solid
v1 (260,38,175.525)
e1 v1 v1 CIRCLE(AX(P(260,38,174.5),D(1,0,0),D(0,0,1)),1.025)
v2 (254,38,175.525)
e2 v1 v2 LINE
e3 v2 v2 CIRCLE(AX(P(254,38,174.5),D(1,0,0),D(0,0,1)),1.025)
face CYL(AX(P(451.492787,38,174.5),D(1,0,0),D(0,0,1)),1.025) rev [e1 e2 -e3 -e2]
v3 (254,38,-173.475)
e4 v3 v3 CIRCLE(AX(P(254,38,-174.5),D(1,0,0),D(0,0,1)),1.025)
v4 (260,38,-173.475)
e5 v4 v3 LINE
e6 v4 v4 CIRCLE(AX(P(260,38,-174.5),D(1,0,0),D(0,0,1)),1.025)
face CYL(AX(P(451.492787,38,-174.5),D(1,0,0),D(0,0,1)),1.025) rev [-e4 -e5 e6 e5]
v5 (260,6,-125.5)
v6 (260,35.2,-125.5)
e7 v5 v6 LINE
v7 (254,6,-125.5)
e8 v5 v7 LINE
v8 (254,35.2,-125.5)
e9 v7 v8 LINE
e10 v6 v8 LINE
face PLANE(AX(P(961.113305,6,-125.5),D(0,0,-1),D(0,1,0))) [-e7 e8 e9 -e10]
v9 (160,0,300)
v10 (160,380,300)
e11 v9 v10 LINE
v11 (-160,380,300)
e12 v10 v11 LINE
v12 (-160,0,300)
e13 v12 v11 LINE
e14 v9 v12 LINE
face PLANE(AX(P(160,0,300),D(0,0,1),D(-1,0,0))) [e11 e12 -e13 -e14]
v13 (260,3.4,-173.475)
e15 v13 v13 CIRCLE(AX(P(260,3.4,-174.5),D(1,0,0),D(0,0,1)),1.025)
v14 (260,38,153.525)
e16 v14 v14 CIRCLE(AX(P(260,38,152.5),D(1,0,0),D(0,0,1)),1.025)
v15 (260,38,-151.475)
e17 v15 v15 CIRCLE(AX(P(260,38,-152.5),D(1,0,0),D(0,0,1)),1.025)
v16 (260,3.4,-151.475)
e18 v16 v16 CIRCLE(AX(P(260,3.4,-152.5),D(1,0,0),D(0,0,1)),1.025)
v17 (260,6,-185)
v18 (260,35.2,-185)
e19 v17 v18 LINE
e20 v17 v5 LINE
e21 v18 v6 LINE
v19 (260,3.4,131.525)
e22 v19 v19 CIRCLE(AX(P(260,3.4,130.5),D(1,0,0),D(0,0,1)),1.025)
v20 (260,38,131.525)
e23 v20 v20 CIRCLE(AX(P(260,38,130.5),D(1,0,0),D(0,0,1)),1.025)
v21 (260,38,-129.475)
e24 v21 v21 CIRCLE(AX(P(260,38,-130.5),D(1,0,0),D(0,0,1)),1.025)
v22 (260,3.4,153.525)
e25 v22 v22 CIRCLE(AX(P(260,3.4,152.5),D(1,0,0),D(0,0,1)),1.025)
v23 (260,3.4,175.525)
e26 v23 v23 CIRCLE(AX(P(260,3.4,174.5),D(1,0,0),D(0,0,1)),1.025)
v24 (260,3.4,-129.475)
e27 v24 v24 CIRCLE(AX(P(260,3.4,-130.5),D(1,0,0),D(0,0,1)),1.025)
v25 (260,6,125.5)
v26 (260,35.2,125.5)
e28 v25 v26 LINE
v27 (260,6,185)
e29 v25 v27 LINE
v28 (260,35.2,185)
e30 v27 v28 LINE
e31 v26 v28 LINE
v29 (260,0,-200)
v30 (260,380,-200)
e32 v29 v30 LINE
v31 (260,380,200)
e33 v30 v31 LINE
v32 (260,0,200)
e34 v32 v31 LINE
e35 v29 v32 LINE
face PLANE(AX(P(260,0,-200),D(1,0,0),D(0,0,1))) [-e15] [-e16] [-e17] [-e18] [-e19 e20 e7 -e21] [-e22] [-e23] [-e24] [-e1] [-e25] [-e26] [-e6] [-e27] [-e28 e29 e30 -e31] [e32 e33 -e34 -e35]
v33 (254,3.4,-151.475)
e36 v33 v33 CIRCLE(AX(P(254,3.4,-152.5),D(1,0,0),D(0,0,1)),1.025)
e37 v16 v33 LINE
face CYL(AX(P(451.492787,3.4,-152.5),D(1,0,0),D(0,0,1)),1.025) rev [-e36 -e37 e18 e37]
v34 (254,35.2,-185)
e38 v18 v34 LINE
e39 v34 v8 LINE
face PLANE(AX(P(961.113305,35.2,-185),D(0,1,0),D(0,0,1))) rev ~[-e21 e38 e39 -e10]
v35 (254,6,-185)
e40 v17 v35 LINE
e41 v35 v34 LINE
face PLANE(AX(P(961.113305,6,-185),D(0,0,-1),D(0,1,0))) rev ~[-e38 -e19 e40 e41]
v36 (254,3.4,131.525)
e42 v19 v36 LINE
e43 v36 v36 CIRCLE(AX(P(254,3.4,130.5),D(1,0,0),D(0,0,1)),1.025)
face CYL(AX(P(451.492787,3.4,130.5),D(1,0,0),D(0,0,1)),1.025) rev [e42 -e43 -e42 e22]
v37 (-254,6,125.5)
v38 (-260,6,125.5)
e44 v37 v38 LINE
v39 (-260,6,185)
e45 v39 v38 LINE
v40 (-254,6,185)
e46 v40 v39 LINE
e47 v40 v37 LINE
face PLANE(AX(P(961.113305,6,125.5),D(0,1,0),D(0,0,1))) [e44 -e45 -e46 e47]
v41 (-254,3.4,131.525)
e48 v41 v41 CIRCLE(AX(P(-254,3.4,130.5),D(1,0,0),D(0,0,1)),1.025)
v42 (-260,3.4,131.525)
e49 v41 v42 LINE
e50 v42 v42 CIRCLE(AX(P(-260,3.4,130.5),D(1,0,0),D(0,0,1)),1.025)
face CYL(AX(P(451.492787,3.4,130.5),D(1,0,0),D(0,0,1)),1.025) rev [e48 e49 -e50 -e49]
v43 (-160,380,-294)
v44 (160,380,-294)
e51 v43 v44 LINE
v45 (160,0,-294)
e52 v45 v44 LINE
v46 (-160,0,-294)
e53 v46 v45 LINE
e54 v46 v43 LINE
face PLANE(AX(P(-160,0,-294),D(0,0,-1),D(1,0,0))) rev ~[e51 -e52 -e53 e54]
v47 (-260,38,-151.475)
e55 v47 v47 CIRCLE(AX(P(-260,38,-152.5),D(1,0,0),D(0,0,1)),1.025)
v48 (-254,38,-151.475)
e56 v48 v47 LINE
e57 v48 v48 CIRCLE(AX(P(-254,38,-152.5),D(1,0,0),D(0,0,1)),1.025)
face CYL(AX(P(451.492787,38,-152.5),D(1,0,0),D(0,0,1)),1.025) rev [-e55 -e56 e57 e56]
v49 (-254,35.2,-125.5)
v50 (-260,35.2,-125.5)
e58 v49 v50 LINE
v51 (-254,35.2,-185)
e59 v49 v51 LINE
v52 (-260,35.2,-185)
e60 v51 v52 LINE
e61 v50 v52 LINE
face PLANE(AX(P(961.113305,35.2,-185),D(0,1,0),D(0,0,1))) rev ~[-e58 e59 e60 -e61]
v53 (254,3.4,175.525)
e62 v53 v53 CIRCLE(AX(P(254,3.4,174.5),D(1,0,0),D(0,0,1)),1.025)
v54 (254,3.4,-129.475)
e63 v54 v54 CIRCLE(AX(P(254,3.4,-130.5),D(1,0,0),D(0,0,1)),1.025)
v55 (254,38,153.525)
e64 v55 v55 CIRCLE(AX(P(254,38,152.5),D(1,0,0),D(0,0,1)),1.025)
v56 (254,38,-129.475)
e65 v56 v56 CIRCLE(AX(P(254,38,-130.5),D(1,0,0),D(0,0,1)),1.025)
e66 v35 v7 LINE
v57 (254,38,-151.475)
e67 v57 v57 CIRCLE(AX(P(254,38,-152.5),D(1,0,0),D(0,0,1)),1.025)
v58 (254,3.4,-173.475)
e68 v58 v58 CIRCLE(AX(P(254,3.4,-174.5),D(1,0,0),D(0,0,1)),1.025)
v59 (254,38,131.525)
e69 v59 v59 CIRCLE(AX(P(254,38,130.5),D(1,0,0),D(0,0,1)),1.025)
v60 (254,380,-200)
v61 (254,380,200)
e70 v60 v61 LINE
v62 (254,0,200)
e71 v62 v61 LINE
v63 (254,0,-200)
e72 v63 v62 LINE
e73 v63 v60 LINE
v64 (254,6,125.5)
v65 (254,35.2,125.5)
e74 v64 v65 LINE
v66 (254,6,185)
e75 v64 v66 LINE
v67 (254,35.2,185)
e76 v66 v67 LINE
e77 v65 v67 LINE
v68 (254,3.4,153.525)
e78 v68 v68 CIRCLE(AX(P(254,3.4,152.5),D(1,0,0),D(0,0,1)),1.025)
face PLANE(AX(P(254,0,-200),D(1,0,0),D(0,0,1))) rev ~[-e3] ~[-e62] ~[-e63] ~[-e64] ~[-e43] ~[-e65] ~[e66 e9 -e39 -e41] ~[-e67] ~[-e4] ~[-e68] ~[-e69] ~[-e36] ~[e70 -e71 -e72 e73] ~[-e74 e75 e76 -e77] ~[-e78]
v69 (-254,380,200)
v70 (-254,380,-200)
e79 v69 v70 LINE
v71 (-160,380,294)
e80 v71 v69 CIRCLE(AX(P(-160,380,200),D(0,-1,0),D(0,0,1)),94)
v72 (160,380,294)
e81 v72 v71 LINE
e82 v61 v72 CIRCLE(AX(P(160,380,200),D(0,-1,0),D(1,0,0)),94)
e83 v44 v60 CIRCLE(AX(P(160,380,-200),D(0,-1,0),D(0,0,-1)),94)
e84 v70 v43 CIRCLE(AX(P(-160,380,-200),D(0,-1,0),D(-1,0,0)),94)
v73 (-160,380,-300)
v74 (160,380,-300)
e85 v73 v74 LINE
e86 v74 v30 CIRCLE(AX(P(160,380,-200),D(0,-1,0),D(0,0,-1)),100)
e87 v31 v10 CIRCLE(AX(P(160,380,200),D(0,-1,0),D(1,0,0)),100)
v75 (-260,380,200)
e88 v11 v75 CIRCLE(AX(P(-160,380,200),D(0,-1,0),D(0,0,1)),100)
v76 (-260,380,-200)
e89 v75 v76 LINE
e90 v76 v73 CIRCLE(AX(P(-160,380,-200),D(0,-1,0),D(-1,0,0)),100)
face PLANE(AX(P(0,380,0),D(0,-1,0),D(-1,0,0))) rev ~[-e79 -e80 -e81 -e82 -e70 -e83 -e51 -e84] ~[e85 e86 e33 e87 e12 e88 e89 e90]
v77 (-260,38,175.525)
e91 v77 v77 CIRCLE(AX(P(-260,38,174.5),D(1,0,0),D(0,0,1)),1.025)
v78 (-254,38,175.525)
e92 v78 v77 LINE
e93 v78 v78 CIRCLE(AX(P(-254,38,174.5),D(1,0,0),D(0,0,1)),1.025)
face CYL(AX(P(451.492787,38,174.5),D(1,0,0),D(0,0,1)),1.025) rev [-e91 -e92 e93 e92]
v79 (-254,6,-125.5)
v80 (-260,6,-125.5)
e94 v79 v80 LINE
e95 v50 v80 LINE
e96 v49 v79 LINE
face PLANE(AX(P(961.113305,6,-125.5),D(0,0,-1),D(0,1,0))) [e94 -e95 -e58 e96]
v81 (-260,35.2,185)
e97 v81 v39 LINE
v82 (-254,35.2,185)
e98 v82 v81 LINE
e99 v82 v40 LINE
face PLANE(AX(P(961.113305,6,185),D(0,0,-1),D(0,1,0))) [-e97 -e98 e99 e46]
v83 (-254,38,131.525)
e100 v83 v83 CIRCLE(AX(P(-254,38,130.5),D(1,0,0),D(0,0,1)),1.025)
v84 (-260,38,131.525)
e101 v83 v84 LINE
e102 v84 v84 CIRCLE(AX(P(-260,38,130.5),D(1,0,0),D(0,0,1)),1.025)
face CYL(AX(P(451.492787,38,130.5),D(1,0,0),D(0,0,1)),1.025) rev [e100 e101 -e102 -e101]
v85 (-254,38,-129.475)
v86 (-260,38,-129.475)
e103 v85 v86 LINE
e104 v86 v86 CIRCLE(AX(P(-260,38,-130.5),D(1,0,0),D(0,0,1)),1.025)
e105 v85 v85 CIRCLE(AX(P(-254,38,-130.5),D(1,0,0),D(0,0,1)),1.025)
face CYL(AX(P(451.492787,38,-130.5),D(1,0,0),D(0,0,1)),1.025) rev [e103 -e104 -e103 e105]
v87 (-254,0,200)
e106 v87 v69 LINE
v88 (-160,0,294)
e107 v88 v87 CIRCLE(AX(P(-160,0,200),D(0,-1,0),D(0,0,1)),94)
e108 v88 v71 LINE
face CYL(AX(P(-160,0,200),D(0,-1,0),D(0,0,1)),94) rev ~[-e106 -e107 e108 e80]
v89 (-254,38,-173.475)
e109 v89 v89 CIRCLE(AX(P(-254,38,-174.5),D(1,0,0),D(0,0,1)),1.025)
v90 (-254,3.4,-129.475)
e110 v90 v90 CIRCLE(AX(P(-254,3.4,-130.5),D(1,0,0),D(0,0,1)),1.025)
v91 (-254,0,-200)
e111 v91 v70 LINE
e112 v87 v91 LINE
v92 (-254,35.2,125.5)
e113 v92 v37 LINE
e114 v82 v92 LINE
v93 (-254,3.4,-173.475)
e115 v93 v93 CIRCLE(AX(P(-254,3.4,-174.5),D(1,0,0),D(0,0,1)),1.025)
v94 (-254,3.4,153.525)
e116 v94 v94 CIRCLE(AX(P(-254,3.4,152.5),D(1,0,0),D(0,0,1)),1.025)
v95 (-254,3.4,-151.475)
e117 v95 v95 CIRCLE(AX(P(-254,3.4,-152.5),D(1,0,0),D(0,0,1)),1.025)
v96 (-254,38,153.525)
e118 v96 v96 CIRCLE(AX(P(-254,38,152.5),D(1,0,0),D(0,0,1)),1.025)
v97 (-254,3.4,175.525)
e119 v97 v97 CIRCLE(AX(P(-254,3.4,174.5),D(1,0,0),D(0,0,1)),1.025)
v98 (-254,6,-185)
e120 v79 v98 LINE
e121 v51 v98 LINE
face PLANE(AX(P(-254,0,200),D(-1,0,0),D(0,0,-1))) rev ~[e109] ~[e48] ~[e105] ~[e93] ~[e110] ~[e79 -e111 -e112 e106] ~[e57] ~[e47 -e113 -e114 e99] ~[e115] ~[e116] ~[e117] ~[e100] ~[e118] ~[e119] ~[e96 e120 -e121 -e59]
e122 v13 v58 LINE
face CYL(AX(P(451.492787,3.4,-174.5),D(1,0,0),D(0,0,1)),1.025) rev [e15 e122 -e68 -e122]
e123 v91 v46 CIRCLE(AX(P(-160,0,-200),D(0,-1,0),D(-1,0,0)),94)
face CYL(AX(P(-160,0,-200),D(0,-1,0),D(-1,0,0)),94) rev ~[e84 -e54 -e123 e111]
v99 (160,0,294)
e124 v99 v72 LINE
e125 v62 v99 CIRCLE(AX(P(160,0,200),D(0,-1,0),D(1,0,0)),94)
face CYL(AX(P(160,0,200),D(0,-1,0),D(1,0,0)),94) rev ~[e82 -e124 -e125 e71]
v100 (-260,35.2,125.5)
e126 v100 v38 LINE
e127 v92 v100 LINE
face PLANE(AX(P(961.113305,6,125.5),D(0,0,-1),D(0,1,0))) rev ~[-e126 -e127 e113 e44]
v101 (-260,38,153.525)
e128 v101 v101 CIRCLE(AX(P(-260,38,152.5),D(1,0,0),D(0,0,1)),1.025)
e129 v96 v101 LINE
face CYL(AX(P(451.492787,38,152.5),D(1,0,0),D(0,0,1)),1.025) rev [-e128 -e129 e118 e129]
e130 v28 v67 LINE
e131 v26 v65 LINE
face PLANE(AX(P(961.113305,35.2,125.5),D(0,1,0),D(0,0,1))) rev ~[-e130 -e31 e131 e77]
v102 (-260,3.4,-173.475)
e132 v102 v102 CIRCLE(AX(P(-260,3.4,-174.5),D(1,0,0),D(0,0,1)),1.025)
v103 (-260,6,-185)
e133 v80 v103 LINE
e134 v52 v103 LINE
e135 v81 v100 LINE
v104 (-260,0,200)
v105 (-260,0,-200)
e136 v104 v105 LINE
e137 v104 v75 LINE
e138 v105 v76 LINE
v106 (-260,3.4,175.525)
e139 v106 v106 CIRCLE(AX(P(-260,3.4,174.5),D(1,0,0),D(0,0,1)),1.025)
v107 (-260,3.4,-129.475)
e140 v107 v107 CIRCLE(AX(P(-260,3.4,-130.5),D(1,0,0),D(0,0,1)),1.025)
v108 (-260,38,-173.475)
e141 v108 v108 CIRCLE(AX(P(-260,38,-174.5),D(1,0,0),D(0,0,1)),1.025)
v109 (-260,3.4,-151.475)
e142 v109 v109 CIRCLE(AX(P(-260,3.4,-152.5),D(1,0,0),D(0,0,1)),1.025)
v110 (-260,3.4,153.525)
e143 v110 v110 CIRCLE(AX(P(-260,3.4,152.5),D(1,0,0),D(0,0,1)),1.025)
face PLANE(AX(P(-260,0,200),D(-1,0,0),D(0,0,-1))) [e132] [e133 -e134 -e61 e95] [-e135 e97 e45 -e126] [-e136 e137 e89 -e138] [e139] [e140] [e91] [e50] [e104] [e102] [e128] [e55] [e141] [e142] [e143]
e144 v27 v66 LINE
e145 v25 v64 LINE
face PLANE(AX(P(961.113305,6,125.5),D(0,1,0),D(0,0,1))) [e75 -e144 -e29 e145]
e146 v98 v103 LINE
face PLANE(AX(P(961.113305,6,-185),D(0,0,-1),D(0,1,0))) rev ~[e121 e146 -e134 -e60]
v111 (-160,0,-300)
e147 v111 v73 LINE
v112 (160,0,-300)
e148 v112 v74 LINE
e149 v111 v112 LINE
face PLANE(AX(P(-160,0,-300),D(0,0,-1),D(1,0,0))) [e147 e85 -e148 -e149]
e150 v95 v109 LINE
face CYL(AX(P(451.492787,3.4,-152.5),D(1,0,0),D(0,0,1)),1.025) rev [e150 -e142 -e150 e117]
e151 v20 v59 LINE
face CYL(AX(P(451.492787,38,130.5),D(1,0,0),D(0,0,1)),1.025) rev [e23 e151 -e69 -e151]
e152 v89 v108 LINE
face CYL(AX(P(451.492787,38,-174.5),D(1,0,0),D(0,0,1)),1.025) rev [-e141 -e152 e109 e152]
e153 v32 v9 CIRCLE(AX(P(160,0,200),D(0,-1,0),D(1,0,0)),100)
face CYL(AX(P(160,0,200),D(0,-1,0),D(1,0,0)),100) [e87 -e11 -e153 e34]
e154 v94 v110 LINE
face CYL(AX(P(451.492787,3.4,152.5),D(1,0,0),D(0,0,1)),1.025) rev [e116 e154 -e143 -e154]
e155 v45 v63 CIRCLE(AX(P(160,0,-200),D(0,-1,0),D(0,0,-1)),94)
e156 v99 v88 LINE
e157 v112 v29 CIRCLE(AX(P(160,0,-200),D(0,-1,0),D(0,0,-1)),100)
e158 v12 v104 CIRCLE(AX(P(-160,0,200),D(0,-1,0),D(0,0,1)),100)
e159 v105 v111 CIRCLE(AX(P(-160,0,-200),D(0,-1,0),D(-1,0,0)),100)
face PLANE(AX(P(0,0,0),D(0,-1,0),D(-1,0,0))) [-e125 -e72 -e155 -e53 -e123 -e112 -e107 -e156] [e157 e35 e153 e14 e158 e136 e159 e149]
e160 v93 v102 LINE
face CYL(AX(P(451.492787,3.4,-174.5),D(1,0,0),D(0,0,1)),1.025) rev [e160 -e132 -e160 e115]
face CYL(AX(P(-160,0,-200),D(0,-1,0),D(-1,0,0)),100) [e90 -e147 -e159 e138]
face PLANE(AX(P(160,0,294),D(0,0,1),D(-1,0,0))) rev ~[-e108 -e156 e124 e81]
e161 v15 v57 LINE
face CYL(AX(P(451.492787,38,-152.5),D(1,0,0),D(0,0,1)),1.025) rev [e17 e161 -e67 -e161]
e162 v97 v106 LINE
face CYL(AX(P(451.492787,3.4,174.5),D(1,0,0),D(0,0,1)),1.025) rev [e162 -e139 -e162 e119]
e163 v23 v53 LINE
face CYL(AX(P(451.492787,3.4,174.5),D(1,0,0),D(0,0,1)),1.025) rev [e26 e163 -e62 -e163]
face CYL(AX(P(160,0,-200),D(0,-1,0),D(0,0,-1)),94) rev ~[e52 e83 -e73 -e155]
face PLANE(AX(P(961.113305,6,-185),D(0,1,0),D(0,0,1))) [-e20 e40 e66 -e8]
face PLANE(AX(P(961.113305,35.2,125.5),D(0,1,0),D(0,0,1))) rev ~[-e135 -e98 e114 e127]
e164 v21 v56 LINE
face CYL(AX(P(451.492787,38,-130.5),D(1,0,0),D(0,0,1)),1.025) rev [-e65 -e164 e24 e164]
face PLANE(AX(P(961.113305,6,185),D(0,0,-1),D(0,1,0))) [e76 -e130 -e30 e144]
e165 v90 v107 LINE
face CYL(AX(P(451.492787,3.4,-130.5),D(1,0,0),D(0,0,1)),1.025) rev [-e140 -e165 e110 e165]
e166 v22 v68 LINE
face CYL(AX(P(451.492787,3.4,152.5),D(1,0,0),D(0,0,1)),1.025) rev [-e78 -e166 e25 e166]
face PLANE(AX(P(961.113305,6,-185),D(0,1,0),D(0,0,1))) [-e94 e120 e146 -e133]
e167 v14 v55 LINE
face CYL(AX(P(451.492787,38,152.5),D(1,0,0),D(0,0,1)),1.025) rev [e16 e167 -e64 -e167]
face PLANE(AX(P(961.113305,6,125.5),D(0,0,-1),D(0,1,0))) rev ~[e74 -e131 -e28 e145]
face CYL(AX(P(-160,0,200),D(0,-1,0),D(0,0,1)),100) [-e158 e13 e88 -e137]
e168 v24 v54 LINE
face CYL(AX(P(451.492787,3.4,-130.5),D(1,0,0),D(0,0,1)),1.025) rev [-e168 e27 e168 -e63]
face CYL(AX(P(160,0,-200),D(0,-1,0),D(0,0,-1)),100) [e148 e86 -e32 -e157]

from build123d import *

# Parameters (mm, degrees)
CHAPALATERAL_DEPTH        = 380
MOTORTRASEIRO_DEPTH       = 707.113305355
MOTORTRASEIRO_DEPTH_BACK  = 707.113305355
ESBO_O8_W                 = 59.5
ESBO_O8_H                 = 29.2
MOTORFRONTAL_DEPTH        = 707.113305355
MOTORFRONTAL_DEPTH_BACK   = 707.113305355
ESBO_O10_W                = 59.5
ESBO_O10_H                = 29.2
FUROSDYNAMIXEL_DEPTH      = 711.492786733
FUROSDYNAMIXEL_DEPTH_BACK = 711.492786733
ESBO_O15_R                = 1.025


with BuildPart() as part:
    # Chapa inferior → ChapaLateral (new body)
    with BuildSketch(Plane(origin=(0, 0, 0), x_dir=(1, 0, 0), z_dir=(0, 1, 0))):
        with BuildLine():
            Line((-160, 300), (160, 300))
            ThreePointArc((160, 300), (230.710678119, 270.710678119), (260, 200))
            Line((260, 200), (260, -200))
            ThreePointArc((260, -200), (230.710678119, -270.710678119), (160, -300))
            Line((160, -300), (-160, -300))
            ThreePointArc((-160, -300), (-230.710678119, -270.710678119), (-260, -200))
            Line((-260, -200), (-260, 200))
            ThreePointArc((-260, 200), (-230.710678119, 270.710678119), (-160, 300))
        make_face()
        with BuildLine():
            Line((-160, 294), (160, 294))
            ThreePointArc((160, 294), (226.468037432, 266.468037432), (254, 200))
            Line((254, 200), (254, -200))
            ThreePointArc((254, -200), (226.468037432, -266.468037432), (160, -294))
            Line((160, -294), (-160, -294))
            ThreePointArc((-160, -294), (-226.468037432, -266.468037432), (-254, -200))
            Line((-254, -200), (-254, 200))
            ThreePointArc((-254, 200), (-226.468037432, 266.468037432), (-160, 294))
        make_face(mode=Mode.SUBTRACT)
    extrude(amount=CHAPALATERAL_DEPTH)

    # Esboço8 → MotorTraseiro (cut, two sides: drawn at the far end of the back side and taken through both)
    with BuildSketch(Plane.ZY.offset(-254).offset(-MOTORTRASEIRO_DEPTH_BACK)):
        with Locations((-155.25, 20.6)):
            Rectangle(ESBO_O8_W, ESBO_O8_H)
    extrude(amount=MOTORTRASEIRO_DEPTH + MOTORTRASEIRO_DEPTH_BACK, mode=Mode.SUBTRACT)

    # Esboço10 → MotorFrontal (cut, two sides: drawn at the far end of the back side and taken through both)
    with BuildSketch(Plane.ZY.offset(-254).offset(-MOTORFRONTAL_DEPTH_BACK)):
        with Locations((155.25, 20.6)):
            Rectangle(ESBO_O10_W, ESBO_O10_H)
    extrude(amount=MOTORFRONTAL_DEPTH + MOTORFRONTAL_DEPTH_BACK, mode=Mode.SUBTRACT)

    # Esboço15 → FurosDynamixel (cut, two sides: drawn at the far end of the back side and taken through both)
    with BuildSketch(Plane.ZY.offset(260).offset(-FUROSDYNAMIXEL_DEPTH_BACK)):
        with Locations((174.5, 38)):
            Circle(ESBO_O15_R)
        with Locations((152.5, 38)):
            Circle(ESBO_O15_R)
        with Locations((130.5, 38)):
            Circle(ESBO_O15_R)
        with Locations((152.5, 3.4)):
            Circle(ESBO_O15_R)
        with Locations((130.5, 3.4)):
            Circle(ESBO_O15_R)
        with Locations((174.5, 3.4)):
            Circle(ESBO_O15_R)
        with Locations((-174.5, 3.4)):
            Circle(ESBO_O15_R)
        with Locations((-130.5, 3.4)):
            Circle(ESBO_O15_R)
        with Locations((-152.5, 3.4)):
            Circle(ESBO_O15_R)
        with Locations((-130.5, 38)):
            Circle(ESBO_O15_R)
        with Locations((-152.5, 38)):
            Circle(ESBO_O15_R)
        with Locations((-174.5, 38)):
            Circle(ESBO_O15_R)
    extrude(amount=FUROSDYNAMIXEL_DEPTH + FUROSDYNAMIXEL_DEPTH_BACK, mode=Mode.SUBTRACT)


solid = part.part
